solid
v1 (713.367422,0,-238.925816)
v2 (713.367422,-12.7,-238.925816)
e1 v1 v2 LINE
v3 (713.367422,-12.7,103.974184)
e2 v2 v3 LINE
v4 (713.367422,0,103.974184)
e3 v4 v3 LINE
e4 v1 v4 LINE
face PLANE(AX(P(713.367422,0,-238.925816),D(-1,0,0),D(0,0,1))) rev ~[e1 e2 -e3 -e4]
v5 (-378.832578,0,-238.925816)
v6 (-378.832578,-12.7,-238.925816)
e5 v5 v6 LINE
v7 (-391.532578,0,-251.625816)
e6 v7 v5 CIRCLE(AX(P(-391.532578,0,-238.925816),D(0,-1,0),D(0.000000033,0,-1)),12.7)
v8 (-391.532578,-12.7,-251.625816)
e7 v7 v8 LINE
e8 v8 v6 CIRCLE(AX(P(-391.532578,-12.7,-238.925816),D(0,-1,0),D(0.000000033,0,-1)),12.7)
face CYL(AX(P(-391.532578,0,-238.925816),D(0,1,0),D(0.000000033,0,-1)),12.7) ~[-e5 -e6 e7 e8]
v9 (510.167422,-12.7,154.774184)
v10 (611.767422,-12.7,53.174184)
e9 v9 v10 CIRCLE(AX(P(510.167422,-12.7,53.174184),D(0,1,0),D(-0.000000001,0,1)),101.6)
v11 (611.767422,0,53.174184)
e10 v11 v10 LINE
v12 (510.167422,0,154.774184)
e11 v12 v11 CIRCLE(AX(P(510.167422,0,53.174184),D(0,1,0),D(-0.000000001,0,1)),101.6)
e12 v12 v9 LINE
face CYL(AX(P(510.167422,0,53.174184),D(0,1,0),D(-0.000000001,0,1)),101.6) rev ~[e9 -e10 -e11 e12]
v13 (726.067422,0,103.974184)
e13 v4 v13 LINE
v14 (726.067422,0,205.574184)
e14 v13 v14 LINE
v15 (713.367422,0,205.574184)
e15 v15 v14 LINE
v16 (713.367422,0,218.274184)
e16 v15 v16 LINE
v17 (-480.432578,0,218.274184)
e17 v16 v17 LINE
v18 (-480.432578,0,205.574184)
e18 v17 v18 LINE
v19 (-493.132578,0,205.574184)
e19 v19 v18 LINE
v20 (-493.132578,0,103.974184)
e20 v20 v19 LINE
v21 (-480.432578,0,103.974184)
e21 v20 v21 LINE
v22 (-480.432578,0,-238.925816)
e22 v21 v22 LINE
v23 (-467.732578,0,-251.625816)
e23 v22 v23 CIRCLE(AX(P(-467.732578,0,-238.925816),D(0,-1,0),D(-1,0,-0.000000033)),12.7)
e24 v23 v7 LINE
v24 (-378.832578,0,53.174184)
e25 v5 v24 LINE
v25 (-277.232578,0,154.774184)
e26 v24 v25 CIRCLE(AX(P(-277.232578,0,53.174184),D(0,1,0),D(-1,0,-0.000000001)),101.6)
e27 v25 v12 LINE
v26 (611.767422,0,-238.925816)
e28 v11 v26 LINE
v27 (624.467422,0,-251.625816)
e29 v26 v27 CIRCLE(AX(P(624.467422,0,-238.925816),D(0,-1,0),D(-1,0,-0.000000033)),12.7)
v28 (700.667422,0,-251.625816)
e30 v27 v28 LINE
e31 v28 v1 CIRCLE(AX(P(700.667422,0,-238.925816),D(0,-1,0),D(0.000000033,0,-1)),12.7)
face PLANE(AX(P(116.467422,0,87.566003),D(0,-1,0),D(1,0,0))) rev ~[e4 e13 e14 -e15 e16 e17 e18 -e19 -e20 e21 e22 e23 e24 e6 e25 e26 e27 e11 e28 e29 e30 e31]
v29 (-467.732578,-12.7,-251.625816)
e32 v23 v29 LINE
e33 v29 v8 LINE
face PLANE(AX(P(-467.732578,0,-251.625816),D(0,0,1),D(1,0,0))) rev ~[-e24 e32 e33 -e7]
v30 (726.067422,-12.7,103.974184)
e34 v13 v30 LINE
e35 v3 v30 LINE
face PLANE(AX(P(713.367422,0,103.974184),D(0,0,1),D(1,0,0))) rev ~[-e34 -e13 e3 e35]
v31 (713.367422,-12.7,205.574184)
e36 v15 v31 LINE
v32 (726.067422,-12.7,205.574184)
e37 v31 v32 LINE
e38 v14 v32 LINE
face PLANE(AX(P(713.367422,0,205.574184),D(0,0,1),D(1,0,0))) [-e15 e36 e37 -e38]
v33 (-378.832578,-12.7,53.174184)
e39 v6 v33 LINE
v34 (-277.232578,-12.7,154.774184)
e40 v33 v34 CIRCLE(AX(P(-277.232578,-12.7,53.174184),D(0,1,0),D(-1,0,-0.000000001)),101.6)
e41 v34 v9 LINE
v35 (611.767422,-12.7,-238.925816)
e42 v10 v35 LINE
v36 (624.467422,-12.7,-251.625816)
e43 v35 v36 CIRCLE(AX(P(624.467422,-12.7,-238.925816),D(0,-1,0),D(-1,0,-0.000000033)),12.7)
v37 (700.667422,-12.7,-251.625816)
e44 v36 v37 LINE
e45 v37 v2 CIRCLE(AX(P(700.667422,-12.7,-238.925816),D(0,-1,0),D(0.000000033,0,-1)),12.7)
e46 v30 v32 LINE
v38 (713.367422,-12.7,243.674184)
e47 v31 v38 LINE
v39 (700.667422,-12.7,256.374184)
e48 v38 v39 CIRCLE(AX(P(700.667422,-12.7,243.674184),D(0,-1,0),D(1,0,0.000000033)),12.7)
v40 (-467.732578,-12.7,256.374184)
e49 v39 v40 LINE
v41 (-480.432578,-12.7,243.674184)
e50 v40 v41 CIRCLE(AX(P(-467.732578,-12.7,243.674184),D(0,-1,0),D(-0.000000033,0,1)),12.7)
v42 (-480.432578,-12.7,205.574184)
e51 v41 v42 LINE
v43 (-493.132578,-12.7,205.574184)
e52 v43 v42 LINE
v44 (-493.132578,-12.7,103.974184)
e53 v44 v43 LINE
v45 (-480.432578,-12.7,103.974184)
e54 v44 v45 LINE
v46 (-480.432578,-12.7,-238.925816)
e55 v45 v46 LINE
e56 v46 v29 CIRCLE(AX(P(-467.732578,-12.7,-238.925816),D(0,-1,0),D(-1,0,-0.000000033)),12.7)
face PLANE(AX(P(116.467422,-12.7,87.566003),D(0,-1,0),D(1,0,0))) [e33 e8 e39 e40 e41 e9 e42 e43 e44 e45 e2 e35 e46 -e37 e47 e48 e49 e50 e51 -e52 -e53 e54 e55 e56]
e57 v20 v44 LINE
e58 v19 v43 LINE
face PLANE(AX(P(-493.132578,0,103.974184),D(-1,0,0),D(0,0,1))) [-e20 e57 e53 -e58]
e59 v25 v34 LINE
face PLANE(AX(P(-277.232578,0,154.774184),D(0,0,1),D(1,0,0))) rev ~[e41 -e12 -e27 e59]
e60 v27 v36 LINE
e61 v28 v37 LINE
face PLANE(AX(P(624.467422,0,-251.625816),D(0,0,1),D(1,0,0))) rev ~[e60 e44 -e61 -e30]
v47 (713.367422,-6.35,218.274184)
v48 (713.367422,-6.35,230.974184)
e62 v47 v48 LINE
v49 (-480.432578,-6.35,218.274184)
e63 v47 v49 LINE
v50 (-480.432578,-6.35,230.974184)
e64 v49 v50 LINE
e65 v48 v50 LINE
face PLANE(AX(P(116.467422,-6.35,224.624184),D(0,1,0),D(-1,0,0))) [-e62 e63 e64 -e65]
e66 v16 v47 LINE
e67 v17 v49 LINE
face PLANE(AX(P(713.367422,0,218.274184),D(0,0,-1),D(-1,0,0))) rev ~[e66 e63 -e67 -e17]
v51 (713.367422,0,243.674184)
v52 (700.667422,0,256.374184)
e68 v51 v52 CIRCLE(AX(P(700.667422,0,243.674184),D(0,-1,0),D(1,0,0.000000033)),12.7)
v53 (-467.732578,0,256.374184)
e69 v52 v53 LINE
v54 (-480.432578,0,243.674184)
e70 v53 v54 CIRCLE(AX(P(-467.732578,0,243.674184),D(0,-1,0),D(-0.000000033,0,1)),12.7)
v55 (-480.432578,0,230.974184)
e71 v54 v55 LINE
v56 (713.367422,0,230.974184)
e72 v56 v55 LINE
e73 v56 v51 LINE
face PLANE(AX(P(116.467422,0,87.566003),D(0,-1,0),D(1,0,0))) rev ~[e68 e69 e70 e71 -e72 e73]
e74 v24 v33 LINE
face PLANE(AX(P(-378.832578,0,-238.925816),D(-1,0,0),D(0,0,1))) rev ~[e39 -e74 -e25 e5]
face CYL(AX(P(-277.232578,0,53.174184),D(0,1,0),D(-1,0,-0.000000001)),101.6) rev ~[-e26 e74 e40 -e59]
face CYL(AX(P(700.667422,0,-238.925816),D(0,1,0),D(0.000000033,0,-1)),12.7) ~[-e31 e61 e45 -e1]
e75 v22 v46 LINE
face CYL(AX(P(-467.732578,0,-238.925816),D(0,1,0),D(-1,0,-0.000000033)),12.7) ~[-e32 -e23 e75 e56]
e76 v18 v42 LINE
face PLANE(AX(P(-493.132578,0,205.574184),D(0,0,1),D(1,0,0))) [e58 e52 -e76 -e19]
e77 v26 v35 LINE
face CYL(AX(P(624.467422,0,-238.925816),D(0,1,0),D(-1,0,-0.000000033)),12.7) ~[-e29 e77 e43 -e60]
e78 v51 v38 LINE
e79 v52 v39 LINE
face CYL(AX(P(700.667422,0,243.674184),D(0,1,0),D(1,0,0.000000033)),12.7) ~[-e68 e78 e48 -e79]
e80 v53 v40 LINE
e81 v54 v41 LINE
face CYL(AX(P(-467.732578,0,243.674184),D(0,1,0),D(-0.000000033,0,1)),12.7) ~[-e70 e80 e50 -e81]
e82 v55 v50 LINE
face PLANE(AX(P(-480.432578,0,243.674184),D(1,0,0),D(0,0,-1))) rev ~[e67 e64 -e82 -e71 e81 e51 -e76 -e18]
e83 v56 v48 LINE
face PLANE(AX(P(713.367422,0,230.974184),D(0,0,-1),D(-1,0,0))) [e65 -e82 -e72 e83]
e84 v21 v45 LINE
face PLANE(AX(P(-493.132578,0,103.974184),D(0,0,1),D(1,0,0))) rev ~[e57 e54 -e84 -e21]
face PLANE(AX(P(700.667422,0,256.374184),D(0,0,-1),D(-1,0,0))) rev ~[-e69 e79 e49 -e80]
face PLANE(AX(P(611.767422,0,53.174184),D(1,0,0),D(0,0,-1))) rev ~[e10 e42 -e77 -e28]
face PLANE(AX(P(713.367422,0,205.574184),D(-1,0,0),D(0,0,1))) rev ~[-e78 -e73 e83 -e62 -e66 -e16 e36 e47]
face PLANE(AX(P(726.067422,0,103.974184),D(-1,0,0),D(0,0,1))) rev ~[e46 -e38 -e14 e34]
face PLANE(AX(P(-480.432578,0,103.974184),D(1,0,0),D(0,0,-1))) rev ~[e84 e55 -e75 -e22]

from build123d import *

# Parameters (mm, degrees)
F0_W     = 12.7
F0_H     = 101.6
F1_DEPTH = 12.7
F2_W     = 1193.8
F2_H     = 12.7
F3_DEPTH = 6.35


with BuildPart() as f1:
    # F0 (on Front) → F1 (new body)
    with BuildSketch(Plane.XZ):
        with BuildLine():
            ThreePointArc((-480.432578, -238.925816), (-476.712834, -247.906072), (-467.732578, -251.625816))
            Line((-467.732578, -251.625816), (-391.532578, -251.625816))
            ThreePointArc((-391.532578, -251.625816), (-382.552322, -247.906072), (-378.832578, -238.925816))
            Line((-378.832578, -238.925816), (-378.832578, 53.174184))
            ThreePointArc((-378.832578, 53.174184), (-349.074627, 125.016233), (-277.232578, 154.774184))
            Line((-277.232578, 154.774184), (510.167422, 154.774184))
            ThreePointArc((510.167422, 154.774184), (582.009471, 125.016233), (611.767422, 53.174184))
            Line((611.767422, 53.174184), (611.767422, -238.925816))
            ThreePointArc((611.767422, -238.925816), (615.487166, -247.906072), (624.467422, -251.625816))
            Line((624.467422, -251.625816), (700.667422, -251.625816))
            ThreePointArc((700.667422, -251.625816), (709.647678, -247.906072), (713.367422, -238.925816))
            Line((713.367422, -238.925816), (713.367422, 103.974184))
            Line((713.367422, 103.974184), (713.367422, 205.574184))
            Line((713.367422, 205.574184), (713.367422, 243.674184))
            ThreePointArc((713.367422, 243.674184), (709.647678, 252.65444), (700.667422, 256.374184))
            Line((700.667422, 256.374184), (-467.732578, 256.374184))
            ThreePointArc((-467.732578, 256.374184), (-476.712834, 252.65444), (-480.432578, 243.674184))
            Line((-480.432578, 243.674184), (-480.432578, 205.574184))
            Line((-480.432578, 205.574184), (-480.432578, 103.974184))
            Line((-480.432578, 103.974184), (-480.432578, -238.925816))
        make_face()
        with Locations((-486.782578, 154.774184)):
            Rectangle(F0_W, F0_H)
        with Locations((719.717422, 154.774184)):
            Rectangle(F0_W, F0_H)
    extrude(amount=F1_DEPTH)

    # F2 (on face) → F3 (cut)
    with BuildSketch(Plane(origin=(0, 0, 0), x_dir=(-1, 0, 0), z_dir=(0, 1, 0))):
        with Locations((-116.467422, 224.624184)):
            Rectangle(F2_W, F2_H)
    extrude(amount=-F3_DEPTH, mode=Mode.SUBTRACT)


solid = f1.part
